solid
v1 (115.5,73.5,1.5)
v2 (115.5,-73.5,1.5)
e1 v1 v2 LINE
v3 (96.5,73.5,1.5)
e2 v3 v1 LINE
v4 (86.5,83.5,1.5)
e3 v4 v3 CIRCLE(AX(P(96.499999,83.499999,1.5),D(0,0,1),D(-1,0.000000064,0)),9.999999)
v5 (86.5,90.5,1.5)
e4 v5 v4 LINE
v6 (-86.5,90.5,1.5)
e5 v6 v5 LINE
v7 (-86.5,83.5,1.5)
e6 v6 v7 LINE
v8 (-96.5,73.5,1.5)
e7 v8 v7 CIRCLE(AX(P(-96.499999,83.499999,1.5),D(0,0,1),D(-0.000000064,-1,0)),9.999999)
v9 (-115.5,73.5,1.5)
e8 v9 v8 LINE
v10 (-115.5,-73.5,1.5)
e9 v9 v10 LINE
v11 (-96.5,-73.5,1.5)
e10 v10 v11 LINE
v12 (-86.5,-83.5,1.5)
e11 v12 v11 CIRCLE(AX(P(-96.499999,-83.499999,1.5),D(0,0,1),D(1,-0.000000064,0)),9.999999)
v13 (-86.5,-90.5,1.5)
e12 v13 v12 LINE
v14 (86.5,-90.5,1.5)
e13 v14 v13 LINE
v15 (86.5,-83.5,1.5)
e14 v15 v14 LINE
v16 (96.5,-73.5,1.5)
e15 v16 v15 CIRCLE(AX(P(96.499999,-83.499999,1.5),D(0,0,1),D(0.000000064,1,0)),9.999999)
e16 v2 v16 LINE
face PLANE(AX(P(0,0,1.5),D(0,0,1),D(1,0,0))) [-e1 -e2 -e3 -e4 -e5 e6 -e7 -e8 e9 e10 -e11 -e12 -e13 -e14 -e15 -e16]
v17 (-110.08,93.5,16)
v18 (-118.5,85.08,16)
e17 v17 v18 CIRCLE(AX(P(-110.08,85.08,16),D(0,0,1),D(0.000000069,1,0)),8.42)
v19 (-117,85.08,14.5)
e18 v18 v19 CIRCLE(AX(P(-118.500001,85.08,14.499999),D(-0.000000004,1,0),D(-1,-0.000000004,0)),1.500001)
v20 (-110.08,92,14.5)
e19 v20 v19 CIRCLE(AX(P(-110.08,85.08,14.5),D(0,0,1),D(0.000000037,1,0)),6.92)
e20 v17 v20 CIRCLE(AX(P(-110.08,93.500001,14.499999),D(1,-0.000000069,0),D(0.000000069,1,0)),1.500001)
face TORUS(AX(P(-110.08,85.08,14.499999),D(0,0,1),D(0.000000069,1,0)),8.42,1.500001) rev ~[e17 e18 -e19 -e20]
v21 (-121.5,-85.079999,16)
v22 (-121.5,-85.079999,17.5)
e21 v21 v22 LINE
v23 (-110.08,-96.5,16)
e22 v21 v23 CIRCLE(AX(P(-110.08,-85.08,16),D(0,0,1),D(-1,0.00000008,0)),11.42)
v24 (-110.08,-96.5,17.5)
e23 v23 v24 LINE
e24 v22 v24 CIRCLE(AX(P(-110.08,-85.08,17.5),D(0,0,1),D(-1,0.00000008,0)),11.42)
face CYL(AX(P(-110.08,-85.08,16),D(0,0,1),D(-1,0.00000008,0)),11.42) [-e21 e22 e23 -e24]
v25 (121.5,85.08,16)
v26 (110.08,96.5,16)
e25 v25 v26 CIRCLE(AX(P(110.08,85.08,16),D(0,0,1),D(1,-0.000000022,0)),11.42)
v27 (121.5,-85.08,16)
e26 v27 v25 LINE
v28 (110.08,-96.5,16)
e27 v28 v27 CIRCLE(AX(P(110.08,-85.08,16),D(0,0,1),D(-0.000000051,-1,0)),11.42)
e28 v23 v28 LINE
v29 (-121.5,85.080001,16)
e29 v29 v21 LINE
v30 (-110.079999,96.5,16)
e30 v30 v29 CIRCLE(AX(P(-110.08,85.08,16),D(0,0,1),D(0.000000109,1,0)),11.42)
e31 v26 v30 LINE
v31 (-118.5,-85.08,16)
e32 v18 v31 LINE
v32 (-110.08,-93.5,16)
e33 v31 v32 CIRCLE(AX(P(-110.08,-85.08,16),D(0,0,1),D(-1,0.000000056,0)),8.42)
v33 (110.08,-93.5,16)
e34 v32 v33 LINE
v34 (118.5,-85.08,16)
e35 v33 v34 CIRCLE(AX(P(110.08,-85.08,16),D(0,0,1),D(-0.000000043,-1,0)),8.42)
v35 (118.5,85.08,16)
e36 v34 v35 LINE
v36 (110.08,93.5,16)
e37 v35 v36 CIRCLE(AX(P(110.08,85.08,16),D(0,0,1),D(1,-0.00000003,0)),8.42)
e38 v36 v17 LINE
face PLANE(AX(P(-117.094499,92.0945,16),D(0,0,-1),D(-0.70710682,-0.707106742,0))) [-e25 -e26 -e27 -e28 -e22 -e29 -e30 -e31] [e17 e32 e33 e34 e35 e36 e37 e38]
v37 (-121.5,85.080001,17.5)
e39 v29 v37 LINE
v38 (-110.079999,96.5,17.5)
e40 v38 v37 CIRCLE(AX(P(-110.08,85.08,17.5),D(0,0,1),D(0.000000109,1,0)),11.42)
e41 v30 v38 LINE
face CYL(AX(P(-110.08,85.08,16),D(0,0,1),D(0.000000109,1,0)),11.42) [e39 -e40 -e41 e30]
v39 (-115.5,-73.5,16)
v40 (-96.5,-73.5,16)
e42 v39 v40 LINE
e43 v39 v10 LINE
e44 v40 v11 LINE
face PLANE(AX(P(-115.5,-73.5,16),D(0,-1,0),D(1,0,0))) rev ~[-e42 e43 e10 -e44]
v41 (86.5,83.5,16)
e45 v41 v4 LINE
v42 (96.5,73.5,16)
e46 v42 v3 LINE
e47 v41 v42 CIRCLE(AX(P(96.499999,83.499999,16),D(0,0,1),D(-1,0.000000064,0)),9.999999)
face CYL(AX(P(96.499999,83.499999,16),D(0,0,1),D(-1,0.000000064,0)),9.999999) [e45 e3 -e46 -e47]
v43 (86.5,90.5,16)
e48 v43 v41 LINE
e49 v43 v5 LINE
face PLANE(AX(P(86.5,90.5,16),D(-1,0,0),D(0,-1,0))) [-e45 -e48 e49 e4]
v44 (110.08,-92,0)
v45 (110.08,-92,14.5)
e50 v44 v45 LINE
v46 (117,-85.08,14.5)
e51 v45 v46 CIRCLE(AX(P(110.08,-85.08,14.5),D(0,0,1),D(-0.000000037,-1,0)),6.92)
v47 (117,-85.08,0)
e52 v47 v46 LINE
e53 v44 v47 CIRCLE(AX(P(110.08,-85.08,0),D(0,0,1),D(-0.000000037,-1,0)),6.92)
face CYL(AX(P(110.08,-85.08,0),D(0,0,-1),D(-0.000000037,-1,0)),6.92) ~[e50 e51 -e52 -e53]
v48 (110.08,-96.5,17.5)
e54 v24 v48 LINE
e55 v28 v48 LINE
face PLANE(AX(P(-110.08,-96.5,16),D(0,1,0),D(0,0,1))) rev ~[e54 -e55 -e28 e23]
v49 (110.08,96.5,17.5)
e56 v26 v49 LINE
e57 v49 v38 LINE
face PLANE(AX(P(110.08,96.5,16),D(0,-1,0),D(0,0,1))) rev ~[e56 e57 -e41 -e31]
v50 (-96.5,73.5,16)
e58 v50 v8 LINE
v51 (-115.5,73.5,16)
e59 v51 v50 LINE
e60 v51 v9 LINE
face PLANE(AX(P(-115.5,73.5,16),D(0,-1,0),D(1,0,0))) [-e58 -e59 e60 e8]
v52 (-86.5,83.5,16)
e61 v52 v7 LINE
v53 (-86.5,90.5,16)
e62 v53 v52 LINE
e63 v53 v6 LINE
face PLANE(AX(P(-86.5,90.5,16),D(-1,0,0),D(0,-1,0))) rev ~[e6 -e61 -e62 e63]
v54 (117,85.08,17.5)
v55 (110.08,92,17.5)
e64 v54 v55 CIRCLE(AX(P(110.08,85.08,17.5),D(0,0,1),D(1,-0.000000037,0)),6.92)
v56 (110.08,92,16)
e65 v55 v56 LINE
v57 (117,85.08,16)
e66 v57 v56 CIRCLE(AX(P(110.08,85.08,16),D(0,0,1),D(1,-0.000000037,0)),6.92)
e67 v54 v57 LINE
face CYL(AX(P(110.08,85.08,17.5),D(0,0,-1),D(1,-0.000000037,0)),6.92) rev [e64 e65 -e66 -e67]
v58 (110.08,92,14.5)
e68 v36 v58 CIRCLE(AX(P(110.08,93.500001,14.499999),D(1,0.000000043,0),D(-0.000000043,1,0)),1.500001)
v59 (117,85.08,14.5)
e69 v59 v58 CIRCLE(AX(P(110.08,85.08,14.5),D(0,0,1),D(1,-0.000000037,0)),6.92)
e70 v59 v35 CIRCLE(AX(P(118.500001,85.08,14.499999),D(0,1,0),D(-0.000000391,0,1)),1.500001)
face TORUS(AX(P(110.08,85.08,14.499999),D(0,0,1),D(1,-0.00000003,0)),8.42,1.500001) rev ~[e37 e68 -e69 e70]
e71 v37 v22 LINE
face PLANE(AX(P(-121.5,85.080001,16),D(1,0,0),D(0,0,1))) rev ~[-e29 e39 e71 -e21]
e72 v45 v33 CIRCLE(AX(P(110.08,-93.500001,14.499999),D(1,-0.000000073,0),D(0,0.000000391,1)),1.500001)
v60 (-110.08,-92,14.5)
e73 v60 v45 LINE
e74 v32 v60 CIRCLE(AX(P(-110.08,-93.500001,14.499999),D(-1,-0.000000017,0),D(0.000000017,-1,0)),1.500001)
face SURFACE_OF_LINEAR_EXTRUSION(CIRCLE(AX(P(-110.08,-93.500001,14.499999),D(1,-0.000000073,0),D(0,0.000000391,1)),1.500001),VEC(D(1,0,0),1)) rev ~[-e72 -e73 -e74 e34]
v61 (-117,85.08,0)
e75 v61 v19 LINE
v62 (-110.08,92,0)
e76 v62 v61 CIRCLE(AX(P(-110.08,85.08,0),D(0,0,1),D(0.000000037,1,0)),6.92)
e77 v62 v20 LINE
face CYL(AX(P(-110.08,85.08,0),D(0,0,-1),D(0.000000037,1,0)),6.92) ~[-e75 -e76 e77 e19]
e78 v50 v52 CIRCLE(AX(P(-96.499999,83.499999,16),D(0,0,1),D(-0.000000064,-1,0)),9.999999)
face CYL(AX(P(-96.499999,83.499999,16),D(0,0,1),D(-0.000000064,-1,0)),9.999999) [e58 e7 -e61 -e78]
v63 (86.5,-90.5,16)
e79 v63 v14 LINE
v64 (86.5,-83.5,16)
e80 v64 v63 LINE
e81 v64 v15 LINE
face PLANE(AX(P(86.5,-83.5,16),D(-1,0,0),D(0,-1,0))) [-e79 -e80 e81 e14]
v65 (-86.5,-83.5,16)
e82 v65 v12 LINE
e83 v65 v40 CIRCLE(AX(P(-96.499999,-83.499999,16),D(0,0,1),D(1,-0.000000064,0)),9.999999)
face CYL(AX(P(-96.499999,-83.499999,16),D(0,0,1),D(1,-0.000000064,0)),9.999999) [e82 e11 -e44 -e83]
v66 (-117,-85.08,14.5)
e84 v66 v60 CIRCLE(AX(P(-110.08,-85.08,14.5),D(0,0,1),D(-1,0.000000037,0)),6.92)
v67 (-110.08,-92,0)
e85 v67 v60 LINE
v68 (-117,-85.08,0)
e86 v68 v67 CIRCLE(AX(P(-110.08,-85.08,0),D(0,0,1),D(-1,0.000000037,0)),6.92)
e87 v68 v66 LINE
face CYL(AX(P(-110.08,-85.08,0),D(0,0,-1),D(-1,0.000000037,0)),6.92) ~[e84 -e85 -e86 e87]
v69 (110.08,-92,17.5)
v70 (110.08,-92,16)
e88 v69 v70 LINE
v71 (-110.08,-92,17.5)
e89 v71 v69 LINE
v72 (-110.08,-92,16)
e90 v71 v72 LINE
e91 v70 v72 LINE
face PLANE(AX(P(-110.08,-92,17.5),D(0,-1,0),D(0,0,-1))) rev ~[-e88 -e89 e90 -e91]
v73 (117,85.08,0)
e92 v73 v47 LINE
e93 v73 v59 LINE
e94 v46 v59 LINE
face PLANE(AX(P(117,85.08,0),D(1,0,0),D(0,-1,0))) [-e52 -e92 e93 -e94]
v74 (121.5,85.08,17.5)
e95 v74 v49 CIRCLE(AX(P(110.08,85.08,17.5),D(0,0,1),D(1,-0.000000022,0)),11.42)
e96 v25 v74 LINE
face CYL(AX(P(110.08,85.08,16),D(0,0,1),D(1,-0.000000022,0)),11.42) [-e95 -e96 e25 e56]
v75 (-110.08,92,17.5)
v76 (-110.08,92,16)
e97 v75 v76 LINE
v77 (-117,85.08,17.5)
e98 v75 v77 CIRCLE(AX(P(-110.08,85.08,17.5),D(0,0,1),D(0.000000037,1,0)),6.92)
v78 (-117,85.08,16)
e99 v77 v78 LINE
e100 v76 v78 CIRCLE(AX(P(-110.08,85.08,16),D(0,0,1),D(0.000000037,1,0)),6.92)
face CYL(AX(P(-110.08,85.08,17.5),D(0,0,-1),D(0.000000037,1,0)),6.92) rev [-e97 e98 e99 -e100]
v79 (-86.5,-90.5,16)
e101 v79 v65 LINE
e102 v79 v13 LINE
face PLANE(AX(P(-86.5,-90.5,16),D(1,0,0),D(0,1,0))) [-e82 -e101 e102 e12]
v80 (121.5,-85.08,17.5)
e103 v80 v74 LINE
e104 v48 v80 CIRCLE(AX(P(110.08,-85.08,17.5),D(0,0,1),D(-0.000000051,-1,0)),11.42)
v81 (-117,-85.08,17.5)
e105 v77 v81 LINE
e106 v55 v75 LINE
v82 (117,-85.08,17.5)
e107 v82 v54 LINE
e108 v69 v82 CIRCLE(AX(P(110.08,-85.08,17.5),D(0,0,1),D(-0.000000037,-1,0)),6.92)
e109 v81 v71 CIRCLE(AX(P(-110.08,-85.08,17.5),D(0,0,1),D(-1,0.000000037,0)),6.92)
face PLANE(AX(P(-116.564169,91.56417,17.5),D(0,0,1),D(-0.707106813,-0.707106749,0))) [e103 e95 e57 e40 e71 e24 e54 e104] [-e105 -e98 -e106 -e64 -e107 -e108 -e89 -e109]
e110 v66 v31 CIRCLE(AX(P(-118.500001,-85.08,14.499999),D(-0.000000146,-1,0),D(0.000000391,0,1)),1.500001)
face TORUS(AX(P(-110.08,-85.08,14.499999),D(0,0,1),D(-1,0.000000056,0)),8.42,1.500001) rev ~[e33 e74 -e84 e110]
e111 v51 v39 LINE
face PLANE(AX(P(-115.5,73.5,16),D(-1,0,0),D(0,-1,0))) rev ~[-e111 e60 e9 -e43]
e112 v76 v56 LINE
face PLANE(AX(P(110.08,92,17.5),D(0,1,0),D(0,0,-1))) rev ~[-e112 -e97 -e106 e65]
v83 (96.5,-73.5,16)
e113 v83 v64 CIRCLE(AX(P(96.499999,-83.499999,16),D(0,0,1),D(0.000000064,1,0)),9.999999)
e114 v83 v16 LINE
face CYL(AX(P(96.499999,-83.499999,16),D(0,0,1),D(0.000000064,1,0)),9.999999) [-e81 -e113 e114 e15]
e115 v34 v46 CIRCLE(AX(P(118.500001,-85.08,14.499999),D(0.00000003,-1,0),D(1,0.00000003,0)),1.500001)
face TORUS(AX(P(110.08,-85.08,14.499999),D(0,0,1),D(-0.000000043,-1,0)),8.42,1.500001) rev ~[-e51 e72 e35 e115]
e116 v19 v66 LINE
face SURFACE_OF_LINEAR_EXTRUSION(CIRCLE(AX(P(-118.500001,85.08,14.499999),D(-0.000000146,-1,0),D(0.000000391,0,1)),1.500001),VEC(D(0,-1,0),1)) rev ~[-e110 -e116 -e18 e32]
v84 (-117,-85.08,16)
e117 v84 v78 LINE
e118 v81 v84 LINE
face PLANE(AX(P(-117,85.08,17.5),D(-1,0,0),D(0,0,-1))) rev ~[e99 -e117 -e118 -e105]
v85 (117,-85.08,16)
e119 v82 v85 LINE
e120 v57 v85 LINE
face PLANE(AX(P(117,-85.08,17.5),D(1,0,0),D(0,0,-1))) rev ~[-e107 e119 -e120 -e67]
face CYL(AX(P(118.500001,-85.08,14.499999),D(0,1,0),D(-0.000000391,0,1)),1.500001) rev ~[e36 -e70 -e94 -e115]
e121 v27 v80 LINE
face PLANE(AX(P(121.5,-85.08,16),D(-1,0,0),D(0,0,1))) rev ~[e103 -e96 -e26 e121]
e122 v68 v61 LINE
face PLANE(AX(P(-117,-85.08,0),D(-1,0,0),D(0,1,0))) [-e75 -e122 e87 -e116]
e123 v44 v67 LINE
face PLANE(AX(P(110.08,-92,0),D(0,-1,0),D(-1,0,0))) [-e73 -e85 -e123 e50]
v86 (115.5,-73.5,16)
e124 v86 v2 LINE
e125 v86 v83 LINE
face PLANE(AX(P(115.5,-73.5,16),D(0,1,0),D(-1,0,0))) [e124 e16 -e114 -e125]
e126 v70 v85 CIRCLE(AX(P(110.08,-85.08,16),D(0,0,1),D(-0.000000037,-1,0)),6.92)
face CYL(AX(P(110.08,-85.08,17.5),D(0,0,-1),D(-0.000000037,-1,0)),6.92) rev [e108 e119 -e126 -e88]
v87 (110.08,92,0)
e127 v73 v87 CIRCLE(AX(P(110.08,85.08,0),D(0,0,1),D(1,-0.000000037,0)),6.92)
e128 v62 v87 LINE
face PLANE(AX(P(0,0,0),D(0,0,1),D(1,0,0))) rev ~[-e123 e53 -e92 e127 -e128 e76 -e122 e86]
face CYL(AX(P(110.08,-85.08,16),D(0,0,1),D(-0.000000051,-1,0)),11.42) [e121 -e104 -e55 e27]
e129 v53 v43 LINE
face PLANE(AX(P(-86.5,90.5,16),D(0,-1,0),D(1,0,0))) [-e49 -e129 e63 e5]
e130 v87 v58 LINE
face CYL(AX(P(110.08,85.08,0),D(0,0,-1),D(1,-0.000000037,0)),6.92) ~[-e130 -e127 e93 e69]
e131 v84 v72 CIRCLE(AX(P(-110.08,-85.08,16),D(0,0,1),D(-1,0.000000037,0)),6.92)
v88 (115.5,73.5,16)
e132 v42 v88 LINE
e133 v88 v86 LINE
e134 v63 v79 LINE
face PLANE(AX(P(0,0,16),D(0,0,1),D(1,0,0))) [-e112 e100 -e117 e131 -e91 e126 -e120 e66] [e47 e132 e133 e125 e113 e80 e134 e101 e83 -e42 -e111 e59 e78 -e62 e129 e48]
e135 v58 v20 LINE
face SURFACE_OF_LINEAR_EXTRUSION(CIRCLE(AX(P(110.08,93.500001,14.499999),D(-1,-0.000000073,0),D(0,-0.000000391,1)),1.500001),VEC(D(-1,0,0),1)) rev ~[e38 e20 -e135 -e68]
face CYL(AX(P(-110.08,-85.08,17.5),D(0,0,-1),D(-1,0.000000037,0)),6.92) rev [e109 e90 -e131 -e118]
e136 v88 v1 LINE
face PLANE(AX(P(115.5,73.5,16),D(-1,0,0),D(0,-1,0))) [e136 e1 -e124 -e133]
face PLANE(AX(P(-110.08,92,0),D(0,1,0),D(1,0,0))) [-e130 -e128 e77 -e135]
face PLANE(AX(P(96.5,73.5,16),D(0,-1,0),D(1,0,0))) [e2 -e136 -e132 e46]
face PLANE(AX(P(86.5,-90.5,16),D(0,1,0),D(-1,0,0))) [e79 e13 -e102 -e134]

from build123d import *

# Parameters (mm, degrees)
PAD003_DEPTH    = 16
POCKET002_DEPTH = 14.5


with BuildPart() as part:
    # Sketch006 → Pad003 (new body)
    with BuildSketch(Plane.XY):
        with BuildLine():
            ThreePointArc((-110.08, 92), (-114.973179, 89.973179), (-117, 85.08))
            Line((-117, -85.08), (-117, 85.08))
            ThreePointArc((-117, -85.08), (-114.973179, -89.973179), (-110.08, -92))
            Line((110.08, -92), (-110.08, -92))
            ThreePointArc((110.08, -92), (114.973179, -89.973179), (117, -85.08))
            Line((117, 85.08), (117, -85.08))
            ThreePointArc((117, 85.08), (114.973179, 89.973179), (110.08, 92))
            Line((-110.08, 92), (110.08, 92))
        make_face()
    extrude(amount=PAD003_DEPTH)

    # Sketch007 → Pocket002 (cut)
    with BuildSketch(Plane.XY.offset(16)):
        with BuildLine():
            Line((-115.5, 73.5), (-115.5, -73.5))
            Line((-115.5, -73.5), (-96.5, -73.5))
            ThreePointArc((-86.5, -83.5), (-89.428932, -76.428932), (-96.5, -73.5))
            Line((-86.5, -90.5), (-86.5, -83.5))
            Line((86.5, -90.5), (-86.5, -90.5))
            Line((86.5, -83.5), (86.5, -90.5))
            ThreePointArc((96.5, -73.5), (89.428932, -76.428932), (86.5, -83.5))
            Line((115.5, -73.5), (96.5, -73.5))
            Line((115.5, 73.5), (115.5, -73.5))
            Line((96.5, 73.5), (115.5, 73.5))
            ThreePointArc((86.5, 83.5), (89.428932, 76.428932), (96.5, 73.5))
            Line((86.5, 90.5), (86.5, 83.5))
            Line((-86.5, 90.5), (86.5, 90.5))
            Line((-86.5, 90.5), (-86.5, 83.5))
            ThreePointArc((-96.5, 73.5), (-89.428932, 76.428932), (-86.5, 83.5))
            Line((-115.5, 73.5), (-96.5, 73.5))
        make_face()
    extrude(amount=-POCKET002_DEPTH, mode=Mode.SUBTRACT)

    # AdditivePipe001: sweep along a path in Sketch009
    with BuildLine(Plane.XY.offset(16)) as additivepipe001_path:
        ThreePointArc((-110.08, 92), (-114.973179, 89.973179), (-117, 85.08))
        Line((-117, 85.08), (-117, -85.08))
        ThreePointArc((-117, -85.08), (-114.973179, -89.973179), (-110.08, -92))
        Line((-110.08, -92), (110.08, -92))
        ThreePointArc((110.08, -92), (114.973179, -89.973179), (117, -85.08))
        Line((117, -85.08), (117, 85.08))
        ThreePointArc((117, 85.08), (114.973179, 89.973179), (110.08, 92))
        Line((110.08, 92), (-110.08, 92))
    # Sketch008 → AdditivePipe001 (sweep)
    with BuildSketch(Plane.XZ):
        with BuildLine():
            Line((117, 14.5), (117, 16))
            Line((117, 17.5), (117, 16))
            Line((121.5, 17.5), (117, 17.5))
            Line((121.5, 16), (121.5, 17.5))
            Line((118.5, 16), (121.5, 16))
            ThreePointArc((118.5, 16), (117.43934, 15.56066), (117, 14.5))
        make_face()
    sweep(path=additivepipe001_path.line)


solid = part.part
